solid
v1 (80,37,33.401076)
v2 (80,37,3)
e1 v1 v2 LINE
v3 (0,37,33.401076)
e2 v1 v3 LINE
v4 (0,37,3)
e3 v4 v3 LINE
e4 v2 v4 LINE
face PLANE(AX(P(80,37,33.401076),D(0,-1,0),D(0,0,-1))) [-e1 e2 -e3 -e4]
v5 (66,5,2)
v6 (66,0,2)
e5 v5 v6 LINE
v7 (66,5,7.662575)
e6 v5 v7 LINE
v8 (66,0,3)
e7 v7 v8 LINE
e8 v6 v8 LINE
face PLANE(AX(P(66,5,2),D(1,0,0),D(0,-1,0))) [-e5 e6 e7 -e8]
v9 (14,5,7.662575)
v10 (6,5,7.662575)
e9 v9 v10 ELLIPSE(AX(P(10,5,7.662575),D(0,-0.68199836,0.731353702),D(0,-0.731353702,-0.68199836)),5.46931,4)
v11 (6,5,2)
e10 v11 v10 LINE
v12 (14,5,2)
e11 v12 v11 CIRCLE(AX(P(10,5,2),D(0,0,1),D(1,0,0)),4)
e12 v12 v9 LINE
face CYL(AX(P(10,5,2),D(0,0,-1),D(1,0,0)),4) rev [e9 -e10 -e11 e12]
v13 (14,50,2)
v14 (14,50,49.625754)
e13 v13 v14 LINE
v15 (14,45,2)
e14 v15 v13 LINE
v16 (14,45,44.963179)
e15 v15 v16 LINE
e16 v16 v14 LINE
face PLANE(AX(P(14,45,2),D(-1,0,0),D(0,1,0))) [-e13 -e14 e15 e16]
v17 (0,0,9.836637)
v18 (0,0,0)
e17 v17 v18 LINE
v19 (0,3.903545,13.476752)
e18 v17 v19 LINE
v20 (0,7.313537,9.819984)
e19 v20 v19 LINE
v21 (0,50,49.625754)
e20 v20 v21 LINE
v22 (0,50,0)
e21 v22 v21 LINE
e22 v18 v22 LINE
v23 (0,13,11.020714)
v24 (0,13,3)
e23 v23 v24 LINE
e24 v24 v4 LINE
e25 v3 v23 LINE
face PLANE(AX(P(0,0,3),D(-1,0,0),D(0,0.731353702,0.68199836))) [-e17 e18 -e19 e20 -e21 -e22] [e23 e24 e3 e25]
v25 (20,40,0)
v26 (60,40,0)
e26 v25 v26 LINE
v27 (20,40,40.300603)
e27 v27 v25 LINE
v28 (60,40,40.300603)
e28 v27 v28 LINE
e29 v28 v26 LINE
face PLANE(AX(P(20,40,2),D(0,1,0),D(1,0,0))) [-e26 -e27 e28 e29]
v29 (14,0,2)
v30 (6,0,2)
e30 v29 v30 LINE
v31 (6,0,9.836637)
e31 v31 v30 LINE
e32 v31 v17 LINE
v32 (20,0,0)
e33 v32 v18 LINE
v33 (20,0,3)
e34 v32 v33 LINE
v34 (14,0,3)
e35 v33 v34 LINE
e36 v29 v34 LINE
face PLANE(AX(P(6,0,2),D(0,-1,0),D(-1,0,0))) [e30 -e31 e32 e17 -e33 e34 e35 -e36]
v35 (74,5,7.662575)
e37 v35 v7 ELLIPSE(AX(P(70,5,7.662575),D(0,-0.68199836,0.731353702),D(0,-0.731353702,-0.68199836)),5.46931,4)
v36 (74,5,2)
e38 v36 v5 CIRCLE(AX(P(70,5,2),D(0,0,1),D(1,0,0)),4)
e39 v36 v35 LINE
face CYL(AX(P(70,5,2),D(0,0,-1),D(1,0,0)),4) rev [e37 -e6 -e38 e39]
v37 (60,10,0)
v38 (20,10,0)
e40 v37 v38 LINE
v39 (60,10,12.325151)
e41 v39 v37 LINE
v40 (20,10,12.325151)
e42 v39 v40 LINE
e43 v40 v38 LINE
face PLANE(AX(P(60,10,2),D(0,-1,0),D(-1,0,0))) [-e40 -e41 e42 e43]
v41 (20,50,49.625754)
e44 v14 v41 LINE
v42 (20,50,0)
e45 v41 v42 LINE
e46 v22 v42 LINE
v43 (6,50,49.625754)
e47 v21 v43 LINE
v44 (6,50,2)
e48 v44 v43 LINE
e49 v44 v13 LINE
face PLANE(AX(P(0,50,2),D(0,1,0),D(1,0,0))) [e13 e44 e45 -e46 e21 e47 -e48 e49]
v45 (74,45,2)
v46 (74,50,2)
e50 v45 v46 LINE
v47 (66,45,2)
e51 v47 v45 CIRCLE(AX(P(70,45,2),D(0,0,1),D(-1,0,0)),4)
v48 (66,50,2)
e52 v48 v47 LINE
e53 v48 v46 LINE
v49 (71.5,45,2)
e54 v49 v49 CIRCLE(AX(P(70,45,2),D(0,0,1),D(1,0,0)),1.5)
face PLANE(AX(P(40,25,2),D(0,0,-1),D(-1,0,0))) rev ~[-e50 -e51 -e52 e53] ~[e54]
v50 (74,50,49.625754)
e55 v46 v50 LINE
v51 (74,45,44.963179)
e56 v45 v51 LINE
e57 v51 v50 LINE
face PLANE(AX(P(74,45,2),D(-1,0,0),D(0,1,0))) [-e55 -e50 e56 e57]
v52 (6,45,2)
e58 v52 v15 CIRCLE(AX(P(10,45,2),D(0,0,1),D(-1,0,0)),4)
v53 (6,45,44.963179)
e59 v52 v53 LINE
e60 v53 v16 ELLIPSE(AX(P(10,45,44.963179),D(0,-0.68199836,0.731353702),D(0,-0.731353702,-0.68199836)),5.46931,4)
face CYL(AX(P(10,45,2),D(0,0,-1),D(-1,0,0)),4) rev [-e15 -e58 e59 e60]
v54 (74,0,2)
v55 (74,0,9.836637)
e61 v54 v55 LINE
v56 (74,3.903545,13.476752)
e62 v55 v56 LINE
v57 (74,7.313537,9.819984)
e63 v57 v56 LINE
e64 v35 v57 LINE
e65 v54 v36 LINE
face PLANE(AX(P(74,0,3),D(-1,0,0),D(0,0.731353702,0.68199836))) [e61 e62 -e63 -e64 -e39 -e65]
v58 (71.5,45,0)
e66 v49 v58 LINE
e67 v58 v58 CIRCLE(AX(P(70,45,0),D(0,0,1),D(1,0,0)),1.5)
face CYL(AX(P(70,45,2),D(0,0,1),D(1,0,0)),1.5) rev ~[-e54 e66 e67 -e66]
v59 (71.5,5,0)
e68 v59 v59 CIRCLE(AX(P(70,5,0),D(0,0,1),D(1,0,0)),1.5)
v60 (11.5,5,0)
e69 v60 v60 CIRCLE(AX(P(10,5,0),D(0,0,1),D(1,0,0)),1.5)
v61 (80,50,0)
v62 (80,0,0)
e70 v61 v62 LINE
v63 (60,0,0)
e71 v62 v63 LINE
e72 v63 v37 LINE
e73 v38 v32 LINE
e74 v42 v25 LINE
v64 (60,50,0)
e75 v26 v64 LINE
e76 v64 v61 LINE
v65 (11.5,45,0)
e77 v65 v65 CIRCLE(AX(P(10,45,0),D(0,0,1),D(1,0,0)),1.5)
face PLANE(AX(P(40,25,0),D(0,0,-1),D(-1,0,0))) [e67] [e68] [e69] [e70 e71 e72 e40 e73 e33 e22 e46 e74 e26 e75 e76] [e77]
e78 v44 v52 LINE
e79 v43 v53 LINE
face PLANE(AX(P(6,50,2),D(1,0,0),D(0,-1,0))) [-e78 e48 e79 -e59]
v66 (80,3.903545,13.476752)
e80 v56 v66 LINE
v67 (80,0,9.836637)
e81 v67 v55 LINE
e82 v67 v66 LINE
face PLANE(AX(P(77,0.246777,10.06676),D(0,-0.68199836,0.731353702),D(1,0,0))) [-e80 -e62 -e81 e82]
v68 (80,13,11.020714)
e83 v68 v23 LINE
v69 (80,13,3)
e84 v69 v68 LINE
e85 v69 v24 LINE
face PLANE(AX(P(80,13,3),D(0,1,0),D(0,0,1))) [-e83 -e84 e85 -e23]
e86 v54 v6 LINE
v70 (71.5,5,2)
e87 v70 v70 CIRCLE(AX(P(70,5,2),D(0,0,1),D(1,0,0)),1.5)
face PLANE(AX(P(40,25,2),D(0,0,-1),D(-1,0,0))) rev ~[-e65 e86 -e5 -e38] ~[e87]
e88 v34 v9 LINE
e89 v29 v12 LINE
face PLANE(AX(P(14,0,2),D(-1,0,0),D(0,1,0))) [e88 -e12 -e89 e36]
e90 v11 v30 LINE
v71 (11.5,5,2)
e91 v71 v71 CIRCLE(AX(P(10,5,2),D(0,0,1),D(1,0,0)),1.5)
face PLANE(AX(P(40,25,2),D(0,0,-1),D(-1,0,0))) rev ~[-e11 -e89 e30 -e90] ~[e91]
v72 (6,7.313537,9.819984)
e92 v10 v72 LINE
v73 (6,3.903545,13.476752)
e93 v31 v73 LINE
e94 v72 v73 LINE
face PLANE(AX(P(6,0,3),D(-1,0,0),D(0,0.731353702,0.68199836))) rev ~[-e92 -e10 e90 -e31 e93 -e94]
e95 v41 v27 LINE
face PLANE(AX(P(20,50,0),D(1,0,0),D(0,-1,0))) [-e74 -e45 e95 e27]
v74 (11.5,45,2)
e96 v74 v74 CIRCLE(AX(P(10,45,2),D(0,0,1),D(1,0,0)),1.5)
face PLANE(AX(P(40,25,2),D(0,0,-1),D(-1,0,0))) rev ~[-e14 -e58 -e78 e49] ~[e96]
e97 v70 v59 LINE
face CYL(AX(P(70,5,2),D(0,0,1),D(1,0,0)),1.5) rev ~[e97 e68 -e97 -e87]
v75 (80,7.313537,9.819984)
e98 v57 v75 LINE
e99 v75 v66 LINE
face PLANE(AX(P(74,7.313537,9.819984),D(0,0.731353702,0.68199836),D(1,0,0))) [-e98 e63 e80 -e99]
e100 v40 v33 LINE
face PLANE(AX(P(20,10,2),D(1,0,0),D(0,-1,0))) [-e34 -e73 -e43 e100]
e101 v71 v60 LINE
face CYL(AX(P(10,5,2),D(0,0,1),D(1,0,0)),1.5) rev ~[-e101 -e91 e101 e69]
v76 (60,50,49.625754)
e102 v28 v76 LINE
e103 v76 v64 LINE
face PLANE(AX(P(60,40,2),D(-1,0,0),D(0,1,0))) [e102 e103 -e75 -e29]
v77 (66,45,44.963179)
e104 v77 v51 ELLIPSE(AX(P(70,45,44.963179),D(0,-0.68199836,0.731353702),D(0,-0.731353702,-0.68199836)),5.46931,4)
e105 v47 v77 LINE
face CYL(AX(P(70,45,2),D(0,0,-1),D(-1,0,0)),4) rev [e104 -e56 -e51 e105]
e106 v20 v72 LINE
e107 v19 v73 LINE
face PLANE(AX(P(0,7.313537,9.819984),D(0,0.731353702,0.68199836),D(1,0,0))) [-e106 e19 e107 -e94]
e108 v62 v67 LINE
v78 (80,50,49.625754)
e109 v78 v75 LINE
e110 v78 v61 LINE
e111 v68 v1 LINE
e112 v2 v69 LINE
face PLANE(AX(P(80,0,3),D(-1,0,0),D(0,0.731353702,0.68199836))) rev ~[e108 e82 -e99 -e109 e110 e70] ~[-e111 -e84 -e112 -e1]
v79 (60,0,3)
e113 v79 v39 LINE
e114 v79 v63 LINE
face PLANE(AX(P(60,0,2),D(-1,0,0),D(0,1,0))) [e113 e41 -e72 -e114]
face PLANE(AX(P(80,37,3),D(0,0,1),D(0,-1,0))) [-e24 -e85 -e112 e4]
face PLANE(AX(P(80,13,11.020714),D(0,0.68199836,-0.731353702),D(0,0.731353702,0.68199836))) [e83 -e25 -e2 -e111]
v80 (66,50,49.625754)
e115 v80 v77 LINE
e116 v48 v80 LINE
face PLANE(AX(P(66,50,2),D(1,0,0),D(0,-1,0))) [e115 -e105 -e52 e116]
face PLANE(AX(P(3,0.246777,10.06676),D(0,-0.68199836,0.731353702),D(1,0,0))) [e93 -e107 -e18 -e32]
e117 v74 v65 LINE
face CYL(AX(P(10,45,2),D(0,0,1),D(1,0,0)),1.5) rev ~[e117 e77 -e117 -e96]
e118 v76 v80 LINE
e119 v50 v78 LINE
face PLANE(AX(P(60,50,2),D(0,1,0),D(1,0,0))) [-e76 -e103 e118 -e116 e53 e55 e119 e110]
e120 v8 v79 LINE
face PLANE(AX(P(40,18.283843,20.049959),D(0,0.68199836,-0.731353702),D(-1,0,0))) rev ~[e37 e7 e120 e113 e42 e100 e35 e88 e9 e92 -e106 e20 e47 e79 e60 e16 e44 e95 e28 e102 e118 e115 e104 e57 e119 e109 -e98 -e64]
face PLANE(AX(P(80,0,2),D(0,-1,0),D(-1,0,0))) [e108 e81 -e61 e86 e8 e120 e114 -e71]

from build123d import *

# Parameters (mm, degrees)
EXTRUDE_2_DEPTH     = 2
SKETCH_3_R          = 1.5
CUT_EXTRUDE_1_DEPTH = 95.361008897
EXTRUDE_3_DEPTH     = 1
DRAFT_4_ANGLE       = 43
SKETCH_6_W          = 6
SKETCH_6_H          = 10
EXTRUDE_4_DEPTH     = 5
SKETCH_7_W          = 6
SKETCH_7_H          = 10
EXTRUDE_5_DEPTH     = 5
CUT_EXTRUDE_2_DEPTH = 107.596038813
CUT_EXTRUDE_4_DEPTH = 107.596038813


with BuildPart() as part:
    # 草图1 → 凸台-拉伸2 (new body)
    with BuildSketch(Plane.XY):
        Polygon((0, 0), (0, 50), (20, 50), (20, 40), (60, 40), (60, 50), (80, 50), (80, 0), (60, 0), (60, 10), (20, 10), (20, 0), align=None)
    extrude(amount=EXTRUDE_2_DEPTH)

    # 草图3 → 切除-拉伸1 (cut, through all)
    with BuildSketch(Plane.XY.offset(2)):
        with Locations((10, 45)):
            Circle(SKETCH_3_R)
        with Locations((10, 5)):
            Circle(SKETCH_3_R)
        with Locations((70, 45)):
            Circle(SKETCH_3_R)
        with Locations((70, 5)):
            Circle(SKETCH_3_R)
    extrude(amount=-CUT_EXTRUDE_1_DEPTH, mode=Mode.SUBTRACT)

    # 草图5 → 凸台-拉伸3 (add)
    with BuildSketch(Plane.XY.offset(2)):
        with BuildLine():
            Line((0, 50), (6, 50))
            Line((6, 50), (6, 45))
            ThreePointArc((6, 45), (10, 41), (14, 45))
            Line((14, 45), (14, 50))
            Line((14, 50), (20, 50))
            Line((20, 50), (20, 40))
            Line((20, 40), (60, 40))
            Line((60, 40), (60, 50))
            Line((60, 50), (66, 50))
            Line((66, 50), (66, 45))
            ThreePointArc((66, 45), (70, 41), (74, 45))
            Line((74, 45), (74, 50))
            Line((74, 50), (80, 50))
            Line((80, 50), (80, 0))
            Line((80, 0), (74, 0))
            Line((74, 0), (74, 5))
            ThreePointArc((74, 5), (70, 9), (66, 5))
            Line((66, 5), (66, 0))
            Line((66, 0), (60, 0))
            Line((60, 0), (60, 10))
            Line((60, 10), (20, 10))
            Line((20, 10), (20, 0))
            Line((20, 0), (14, 0))
            Line((14, 0), (14, 5))
            ThreePointArc((14, 5), (10, 9), (6, 5))
            Line((6, 5), (6, 0))
            Line((6, 0), (0, 0))
            Line((0, 0), (0, 50))
        make_face()
    extrude(amount=EXTRUDE_3_DEPTH)

    # 拔模4
    draft_4_faces = [part.faces().sort_by_distance(p)[0] for p in [
        (40, 25, 3),
    ]]
    draft(draft_4_faces, Plane(origin=(20, 0, 2), x_dir=(-1, 0, 0), z_dir=(0, -1, 0)), DRAFT_4_ANGLE)

    # 草图6 → 凸台-拉伸4 (add)
    with BuildSketch(Plane(origin=(0, -1.496346075, 1.604634711), x_dir=(1, 0, 0), z_dir=(0, -0.6819983600624997, 0.7313537016191695))):
        with Locations((3, 7.04599508)):
            Rectangle(SKETCH_6_W, SKETCH_6_H)
    extrude(amount=EXTRUDE_4_DEPTH)

    # 草图7 → 凸台-拉伸5 (add)
    with BuildSketch(Plane(origin=(0, -1.496346075, 1.604634711), x_dir=(1, 0, 0), z_dir=(0, -0.6819983600624997, 0.7313537016191695))):
        with Locations((77, 7.04599508)):
            Rectangle(SKETCH_7_W, SKETCH_7_H)
    extrude(amount=EXTRUDE_5_DEPTH)

    # 草图8 → 切除-拉伸2 (cut, through all)
    with BuildSketch(Plane(origin=(80, 0, 0), x_dir=(0, 0, -1), z_dir=(1, 0, 0))):
        Polygon((-3, 0), (-9.836637305, 0), (-6.656768508, -3.4099918), align=None)
    extrude(amount=-CUT_EXTRUDE_2_DEPTH, mode=Mode.SUBTRACT)

    # 草图11 → 切除-拉伸4 (cut, through all)
    with BuildSketch(Plane(origin=(80, 0, 0), x_dir=(0, 0, -1), z_dir=(1, 0, 0))):
        Polygon((-3, 37), (-3, 13), (-11.020713736, 13), (-33.401075804, 37), align=None)
    extrude(amount=-CUT_EXTRUDE_4_DEPTH, mode=Mode.SUBTRACT)


solid = part.part
